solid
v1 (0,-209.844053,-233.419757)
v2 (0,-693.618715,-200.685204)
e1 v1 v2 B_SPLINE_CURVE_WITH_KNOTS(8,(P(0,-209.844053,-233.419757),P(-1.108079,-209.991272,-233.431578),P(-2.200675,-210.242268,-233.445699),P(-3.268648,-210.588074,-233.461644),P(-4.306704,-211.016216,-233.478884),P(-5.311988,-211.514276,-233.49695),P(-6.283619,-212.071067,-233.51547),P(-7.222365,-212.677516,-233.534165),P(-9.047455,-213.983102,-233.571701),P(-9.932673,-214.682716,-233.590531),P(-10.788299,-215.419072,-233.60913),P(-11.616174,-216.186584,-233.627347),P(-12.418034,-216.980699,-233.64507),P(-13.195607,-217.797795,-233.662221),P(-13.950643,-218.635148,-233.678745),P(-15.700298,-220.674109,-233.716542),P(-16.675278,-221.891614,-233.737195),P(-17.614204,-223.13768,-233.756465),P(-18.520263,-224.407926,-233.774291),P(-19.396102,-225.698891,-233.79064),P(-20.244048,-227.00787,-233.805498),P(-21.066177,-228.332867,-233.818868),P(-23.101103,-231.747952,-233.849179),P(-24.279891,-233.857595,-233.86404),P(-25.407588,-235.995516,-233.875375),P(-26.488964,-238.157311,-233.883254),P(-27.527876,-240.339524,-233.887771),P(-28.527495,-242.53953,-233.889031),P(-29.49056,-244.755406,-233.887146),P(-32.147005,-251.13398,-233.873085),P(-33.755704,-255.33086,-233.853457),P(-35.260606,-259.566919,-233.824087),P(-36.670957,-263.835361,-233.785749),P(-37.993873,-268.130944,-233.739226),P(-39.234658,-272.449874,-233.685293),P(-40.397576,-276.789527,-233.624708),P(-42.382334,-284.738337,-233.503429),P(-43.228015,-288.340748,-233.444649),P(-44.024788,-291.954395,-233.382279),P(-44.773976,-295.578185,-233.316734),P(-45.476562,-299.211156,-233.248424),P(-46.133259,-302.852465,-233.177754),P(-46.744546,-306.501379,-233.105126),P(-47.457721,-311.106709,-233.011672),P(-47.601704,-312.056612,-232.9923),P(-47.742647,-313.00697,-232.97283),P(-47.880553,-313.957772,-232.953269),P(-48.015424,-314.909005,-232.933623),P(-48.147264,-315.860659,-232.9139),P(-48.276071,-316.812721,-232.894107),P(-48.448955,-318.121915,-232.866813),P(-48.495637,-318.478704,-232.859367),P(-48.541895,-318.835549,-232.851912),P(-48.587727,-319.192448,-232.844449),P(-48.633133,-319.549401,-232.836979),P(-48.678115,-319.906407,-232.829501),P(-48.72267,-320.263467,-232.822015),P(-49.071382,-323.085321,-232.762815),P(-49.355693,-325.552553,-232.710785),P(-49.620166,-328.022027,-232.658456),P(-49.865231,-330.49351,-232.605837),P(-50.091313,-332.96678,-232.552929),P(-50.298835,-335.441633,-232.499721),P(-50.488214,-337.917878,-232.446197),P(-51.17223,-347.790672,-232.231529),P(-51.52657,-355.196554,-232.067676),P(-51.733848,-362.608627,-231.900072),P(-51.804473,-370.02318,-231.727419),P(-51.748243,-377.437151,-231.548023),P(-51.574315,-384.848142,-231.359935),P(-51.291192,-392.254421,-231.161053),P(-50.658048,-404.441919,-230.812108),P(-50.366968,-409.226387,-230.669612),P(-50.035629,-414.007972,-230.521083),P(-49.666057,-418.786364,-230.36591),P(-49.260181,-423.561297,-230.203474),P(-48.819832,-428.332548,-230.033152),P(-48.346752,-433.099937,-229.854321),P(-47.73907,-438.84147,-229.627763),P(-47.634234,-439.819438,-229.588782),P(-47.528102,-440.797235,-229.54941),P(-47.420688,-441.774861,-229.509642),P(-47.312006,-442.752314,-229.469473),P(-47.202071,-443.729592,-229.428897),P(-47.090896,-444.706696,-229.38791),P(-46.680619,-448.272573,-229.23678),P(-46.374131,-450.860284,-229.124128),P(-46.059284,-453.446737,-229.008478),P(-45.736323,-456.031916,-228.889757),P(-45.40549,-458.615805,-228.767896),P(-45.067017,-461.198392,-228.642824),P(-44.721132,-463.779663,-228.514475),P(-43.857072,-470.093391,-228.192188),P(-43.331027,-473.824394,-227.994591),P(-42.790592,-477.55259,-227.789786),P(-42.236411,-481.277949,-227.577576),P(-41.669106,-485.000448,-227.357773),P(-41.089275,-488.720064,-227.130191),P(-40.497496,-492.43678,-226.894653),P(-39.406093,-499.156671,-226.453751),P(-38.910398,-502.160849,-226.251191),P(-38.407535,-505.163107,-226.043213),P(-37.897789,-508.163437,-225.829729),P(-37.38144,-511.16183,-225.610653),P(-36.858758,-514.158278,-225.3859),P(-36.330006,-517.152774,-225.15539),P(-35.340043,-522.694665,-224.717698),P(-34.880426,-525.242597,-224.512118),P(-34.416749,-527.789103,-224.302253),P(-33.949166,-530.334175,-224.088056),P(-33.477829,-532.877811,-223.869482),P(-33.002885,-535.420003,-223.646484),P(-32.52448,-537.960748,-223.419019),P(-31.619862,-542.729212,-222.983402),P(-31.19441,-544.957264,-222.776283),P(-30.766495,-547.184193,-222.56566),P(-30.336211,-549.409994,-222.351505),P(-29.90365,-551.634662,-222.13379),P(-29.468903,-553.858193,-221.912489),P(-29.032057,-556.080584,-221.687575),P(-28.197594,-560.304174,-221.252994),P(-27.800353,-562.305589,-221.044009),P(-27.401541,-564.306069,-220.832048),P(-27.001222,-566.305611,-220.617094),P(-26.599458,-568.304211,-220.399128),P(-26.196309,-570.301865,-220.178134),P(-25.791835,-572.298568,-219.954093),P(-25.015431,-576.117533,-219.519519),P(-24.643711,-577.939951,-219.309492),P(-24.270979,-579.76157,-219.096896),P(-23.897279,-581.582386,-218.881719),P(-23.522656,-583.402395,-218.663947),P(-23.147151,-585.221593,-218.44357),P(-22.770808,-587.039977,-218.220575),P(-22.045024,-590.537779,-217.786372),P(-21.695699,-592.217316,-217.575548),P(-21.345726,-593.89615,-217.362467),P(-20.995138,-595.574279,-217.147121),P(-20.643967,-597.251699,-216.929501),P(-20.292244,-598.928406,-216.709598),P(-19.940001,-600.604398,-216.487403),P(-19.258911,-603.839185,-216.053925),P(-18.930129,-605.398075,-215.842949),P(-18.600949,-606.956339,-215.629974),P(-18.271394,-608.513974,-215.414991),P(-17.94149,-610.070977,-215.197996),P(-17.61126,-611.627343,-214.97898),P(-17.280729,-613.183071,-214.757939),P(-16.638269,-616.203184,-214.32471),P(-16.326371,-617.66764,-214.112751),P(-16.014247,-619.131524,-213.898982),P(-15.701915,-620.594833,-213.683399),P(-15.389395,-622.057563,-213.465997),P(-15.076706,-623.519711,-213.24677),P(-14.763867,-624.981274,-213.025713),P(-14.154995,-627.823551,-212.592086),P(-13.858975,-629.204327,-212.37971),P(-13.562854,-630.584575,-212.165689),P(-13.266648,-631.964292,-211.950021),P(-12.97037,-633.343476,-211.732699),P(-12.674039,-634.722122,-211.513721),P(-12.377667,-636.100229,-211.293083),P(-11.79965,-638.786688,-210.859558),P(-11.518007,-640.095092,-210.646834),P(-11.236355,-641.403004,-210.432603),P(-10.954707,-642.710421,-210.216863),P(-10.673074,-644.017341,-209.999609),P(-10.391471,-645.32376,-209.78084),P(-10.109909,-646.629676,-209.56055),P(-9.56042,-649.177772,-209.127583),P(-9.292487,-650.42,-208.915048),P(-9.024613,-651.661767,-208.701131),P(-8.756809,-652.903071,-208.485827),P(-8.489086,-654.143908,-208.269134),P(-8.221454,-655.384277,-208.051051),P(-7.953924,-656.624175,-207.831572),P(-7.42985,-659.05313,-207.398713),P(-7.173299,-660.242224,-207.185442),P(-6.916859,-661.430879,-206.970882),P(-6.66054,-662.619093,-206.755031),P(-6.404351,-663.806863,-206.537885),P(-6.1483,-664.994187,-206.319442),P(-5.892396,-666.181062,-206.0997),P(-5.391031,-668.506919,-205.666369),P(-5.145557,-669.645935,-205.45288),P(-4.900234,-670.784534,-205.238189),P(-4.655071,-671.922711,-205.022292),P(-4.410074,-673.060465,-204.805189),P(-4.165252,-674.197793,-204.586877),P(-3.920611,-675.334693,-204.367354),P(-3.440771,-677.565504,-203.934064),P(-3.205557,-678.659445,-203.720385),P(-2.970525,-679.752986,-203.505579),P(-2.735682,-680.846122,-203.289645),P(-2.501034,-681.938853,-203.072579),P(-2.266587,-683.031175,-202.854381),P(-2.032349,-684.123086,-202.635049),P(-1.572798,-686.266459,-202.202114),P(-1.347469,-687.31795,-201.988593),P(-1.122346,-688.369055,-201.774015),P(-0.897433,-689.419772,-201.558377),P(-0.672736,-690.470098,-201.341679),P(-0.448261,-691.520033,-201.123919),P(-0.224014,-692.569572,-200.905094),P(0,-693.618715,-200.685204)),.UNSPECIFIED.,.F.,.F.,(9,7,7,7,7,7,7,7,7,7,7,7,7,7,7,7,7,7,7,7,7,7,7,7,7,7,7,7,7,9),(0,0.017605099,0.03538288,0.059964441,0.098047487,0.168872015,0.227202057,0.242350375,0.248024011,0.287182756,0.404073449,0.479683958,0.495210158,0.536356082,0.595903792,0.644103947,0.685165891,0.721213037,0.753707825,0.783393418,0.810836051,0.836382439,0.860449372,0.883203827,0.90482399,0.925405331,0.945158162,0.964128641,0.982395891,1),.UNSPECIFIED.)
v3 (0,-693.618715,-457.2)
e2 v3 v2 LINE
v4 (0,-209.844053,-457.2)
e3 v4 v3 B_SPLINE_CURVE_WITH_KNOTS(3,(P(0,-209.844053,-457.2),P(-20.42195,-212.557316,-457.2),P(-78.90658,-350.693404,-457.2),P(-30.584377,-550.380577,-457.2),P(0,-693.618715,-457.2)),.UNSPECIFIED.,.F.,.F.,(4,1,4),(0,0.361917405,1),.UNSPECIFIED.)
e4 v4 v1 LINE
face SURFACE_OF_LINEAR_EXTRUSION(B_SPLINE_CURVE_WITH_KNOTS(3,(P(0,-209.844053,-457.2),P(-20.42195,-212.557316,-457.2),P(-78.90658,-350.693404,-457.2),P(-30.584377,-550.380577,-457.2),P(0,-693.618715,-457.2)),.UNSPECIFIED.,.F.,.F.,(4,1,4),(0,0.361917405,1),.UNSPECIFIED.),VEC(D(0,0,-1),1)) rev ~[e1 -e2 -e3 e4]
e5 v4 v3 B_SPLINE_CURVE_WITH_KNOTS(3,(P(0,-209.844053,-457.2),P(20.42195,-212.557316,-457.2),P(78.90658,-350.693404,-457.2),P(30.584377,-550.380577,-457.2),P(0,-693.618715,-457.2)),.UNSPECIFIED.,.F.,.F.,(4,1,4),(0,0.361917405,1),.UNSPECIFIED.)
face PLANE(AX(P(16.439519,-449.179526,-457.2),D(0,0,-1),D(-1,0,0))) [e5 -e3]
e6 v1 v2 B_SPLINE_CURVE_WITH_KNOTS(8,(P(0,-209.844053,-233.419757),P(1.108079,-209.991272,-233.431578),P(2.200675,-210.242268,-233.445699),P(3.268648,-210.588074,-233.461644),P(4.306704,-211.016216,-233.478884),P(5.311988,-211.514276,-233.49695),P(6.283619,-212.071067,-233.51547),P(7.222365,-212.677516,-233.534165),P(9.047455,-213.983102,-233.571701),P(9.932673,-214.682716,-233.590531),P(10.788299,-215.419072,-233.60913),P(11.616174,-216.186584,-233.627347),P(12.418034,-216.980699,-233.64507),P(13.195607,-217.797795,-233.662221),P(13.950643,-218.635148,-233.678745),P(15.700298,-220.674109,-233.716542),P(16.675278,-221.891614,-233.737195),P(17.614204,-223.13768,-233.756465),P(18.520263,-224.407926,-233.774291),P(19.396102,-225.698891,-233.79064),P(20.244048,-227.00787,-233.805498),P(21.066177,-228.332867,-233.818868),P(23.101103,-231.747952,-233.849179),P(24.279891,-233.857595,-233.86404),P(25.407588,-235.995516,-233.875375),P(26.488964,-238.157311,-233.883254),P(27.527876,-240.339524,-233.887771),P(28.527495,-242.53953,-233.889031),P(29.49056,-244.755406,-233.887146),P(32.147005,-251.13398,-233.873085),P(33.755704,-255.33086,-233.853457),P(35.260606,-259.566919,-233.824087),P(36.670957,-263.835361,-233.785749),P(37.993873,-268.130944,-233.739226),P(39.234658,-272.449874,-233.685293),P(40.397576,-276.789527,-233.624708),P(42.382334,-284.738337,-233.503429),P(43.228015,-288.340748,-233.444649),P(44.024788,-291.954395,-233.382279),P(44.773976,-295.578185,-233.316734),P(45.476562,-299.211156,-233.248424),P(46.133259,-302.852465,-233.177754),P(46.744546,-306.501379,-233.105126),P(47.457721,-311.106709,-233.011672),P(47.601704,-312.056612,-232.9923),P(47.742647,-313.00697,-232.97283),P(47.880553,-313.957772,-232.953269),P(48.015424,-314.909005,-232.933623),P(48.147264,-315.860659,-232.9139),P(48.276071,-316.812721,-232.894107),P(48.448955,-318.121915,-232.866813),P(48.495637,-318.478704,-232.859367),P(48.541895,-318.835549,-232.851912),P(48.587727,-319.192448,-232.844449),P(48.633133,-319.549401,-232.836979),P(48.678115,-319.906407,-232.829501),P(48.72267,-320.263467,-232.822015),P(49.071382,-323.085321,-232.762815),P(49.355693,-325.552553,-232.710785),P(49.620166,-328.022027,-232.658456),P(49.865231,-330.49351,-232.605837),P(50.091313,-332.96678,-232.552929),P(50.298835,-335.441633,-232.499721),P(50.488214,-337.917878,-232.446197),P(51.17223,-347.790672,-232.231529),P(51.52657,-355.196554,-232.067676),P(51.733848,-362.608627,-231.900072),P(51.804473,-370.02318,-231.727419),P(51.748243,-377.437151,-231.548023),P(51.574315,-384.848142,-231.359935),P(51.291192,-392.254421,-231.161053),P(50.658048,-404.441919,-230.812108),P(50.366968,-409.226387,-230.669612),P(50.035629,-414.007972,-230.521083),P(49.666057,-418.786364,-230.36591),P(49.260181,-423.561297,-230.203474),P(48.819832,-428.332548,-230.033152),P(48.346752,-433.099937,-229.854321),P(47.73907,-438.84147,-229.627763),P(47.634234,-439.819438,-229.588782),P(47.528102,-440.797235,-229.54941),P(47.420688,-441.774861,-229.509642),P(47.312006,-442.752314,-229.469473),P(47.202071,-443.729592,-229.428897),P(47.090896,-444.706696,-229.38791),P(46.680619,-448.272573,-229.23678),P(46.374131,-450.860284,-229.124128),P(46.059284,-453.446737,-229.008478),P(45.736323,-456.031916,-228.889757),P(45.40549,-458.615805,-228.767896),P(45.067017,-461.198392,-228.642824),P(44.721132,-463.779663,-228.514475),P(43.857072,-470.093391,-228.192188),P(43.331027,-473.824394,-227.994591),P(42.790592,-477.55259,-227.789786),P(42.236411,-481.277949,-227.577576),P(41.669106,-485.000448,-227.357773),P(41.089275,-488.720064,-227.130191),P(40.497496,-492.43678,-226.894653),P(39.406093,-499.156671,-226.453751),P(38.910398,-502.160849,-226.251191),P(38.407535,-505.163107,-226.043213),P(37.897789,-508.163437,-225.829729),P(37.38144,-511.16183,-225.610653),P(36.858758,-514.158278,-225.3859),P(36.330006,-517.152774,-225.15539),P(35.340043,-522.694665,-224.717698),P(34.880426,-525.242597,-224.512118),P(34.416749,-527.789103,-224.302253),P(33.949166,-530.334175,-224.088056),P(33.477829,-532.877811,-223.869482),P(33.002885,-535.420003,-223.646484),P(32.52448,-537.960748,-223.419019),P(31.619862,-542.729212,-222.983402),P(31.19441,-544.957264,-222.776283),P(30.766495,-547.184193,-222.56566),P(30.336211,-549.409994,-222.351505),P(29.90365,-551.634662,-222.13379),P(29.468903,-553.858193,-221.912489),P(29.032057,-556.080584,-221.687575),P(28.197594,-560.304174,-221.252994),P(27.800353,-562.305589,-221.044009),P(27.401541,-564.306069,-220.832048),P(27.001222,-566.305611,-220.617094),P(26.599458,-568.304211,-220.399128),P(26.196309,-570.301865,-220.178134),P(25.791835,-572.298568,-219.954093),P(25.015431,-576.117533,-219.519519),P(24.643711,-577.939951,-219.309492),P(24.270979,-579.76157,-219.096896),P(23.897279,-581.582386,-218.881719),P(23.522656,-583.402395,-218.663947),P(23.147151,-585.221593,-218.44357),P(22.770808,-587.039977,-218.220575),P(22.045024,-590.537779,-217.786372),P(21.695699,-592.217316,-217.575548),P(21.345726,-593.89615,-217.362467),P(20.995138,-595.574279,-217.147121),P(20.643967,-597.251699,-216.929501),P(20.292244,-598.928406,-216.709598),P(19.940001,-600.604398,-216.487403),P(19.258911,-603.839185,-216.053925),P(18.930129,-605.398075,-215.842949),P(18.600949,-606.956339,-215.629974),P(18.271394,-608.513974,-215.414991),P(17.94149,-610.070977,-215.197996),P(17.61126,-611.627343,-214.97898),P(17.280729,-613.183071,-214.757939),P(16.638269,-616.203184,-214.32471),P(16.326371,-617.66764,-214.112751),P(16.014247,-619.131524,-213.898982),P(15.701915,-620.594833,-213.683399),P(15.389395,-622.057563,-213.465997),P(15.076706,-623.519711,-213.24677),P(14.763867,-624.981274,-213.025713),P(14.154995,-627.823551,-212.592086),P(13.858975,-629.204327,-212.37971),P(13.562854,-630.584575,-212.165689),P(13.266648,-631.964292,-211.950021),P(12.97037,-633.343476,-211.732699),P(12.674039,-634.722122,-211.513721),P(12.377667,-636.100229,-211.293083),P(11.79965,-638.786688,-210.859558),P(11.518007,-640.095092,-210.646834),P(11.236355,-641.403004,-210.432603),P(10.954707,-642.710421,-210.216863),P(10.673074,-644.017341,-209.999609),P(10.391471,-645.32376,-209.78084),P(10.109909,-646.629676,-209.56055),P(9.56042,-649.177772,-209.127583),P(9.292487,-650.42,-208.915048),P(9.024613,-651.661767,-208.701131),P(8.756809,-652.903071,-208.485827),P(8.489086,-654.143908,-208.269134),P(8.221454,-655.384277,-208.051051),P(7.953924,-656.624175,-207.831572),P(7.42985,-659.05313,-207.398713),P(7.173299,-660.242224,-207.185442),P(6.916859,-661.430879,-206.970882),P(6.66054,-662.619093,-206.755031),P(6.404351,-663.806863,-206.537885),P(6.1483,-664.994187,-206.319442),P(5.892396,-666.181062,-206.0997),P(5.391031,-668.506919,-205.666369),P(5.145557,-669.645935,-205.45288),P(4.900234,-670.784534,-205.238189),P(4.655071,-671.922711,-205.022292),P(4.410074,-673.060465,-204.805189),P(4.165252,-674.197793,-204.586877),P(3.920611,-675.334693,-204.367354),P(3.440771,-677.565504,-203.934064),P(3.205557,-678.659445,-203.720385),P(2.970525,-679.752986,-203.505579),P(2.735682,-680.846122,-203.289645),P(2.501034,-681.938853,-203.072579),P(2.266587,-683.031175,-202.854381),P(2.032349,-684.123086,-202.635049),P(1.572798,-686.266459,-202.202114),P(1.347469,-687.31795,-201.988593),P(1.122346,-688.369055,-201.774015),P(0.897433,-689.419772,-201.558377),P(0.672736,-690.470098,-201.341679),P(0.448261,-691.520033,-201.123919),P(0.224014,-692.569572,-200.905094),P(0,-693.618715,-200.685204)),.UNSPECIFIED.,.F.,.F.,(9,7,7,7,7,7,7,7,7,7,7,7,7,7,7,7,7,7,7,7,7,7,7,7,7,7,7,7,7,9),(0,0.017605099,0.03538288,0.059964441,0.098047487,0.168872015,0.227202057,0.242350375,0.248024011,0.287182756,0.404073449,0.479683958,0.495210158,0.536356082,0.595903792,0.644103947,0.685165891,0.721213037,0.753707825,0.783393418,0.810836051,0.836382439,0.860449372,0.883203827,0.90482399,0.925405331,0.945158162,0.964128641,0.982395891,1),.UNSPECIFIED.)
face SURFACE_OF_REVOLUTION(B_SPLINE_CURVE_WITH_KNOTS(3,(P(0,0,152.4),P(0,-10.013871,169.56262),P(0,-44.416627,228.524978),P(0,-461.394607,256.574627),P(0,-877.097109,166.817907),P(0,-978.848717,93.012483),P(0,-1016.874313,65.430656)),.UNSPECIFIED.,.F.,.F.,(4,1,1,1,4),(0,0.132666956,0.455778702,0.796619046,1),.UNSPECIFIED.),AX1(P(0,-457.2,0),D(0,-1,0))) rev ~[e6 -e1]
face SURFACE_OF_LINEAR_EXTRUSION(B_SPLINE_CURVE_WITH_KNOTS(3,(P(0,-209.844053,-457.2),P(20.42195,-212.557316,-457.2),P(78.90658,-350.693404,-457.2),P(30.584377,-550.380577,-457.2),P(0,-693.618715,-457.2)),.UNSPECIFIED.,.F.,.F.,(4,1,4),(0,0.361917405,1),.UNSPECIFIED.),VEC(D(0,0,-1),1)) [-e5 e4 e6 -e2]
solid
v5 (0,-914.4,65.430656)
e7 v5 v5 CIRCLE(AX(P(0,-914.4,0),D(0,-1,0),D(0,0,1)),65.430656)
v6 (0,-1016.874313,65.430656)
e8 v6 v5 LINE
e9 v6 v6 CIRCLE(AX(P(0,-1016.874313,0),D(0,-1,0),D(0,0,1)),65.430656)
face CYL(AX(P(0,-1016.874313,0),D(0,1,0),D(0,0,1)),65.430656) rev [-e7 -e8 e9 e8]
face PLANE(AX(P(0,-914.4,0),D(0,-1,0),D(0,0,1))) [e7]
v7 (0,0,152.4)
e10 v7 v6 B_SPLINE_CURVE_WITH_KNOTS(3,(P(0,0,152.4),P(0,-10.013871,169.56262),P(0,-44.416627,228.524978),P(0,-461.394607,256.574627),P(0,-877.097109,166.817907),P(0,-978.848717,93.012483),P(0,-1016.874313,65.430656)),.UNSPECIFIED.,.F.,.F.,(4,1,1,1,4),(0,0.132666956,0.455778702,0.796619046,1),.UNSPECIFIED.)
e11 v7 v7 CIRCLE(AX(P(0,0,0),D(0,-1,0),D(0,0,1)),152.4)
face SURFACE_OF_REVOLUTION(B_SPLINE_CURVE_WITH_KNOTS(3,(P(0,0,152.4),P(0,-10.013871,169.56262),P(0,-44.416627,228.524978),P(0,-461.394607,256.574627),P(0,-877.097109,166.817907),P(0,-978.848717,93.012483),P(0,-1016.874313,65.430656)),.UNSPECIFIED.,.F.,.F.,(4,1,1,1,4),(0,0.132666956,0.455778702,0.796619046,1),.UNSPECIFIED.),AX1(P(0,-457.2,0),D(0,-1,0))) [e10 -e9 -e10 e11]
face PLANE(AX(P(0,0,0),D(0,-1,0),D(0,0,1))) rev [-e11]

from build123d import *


with BuildPart() as f1:
    # F0 (on Right) → F1 (revolve)
    with BuildSketch(Plane.YZ):
        with BuildLine():
            Line((-914.4, 0), (0, 0))
            Line((0, 0), (0, 152.4))
            add(Edge.make_bspline(
                [(0, 152.4), (-10.013870678, 169.5626198496), (-44.4166271771, 228.524978218), (-461.3946072213, 256.5746267891), (-877.0971092105, 166.8179066354), (-978.8487174046, 93.0124827966), (-1016.8743133545, 65.4306560755)],
                knots=[0, 0, 0, 0, 0.1326669559, 0.4557787019, 0.7966190456, 1, 1, 1, 1], degree=3))
            Line((-1016.8743133545, 65.4306560755), (-914.4, 65.4306560755))
            Line((-914.4, 65.4306560755), (-914.4, 0))
        make_face()
    revolve(axis=Axis((0, -457.2, 0), (0, -1, 0)))


with BuildPart() as f4:
    # F3 (on offset) → F4 (new body, up to the next surface of F1)
    with BuildSketch(Plane.XY.offset(-457.2)):
        with BuildLine():
            add(Edge.make_bspline(
                [(0, -209.8440527916), (20.4219501466, -212.5573158264), (78.9065800158, -350.6934035144), (30.5843770068, -550.3805770627), (0, -693.6187148094)],
                knots=[0, 0, 0, 0, 0.3619174054, 1, 1, 1, 1], degree=3))
            Line((0, -209.8440527916), (0, -693.6187148094))
        make_face()
        with BuildLine():
            Line((0, -693.6187148094), (0, -209.8440527916))
            add(Edge.make_bspline(
                [(0, -209.8440527916), (-20.4219501466, -212.5573158264), (-78.9065800158, -350.6934035144), (-30.5843770068, -550.3805770627), (0, -693.6187148094)],
                knots=[0, 0, 0, 0, 0.3619174054, 1, 1, 1, 1], degree=3))
        make_face()
    extrude(until=Until.NEXT, target=f1.part)


solid = Compound([f1.part, f4.part])
